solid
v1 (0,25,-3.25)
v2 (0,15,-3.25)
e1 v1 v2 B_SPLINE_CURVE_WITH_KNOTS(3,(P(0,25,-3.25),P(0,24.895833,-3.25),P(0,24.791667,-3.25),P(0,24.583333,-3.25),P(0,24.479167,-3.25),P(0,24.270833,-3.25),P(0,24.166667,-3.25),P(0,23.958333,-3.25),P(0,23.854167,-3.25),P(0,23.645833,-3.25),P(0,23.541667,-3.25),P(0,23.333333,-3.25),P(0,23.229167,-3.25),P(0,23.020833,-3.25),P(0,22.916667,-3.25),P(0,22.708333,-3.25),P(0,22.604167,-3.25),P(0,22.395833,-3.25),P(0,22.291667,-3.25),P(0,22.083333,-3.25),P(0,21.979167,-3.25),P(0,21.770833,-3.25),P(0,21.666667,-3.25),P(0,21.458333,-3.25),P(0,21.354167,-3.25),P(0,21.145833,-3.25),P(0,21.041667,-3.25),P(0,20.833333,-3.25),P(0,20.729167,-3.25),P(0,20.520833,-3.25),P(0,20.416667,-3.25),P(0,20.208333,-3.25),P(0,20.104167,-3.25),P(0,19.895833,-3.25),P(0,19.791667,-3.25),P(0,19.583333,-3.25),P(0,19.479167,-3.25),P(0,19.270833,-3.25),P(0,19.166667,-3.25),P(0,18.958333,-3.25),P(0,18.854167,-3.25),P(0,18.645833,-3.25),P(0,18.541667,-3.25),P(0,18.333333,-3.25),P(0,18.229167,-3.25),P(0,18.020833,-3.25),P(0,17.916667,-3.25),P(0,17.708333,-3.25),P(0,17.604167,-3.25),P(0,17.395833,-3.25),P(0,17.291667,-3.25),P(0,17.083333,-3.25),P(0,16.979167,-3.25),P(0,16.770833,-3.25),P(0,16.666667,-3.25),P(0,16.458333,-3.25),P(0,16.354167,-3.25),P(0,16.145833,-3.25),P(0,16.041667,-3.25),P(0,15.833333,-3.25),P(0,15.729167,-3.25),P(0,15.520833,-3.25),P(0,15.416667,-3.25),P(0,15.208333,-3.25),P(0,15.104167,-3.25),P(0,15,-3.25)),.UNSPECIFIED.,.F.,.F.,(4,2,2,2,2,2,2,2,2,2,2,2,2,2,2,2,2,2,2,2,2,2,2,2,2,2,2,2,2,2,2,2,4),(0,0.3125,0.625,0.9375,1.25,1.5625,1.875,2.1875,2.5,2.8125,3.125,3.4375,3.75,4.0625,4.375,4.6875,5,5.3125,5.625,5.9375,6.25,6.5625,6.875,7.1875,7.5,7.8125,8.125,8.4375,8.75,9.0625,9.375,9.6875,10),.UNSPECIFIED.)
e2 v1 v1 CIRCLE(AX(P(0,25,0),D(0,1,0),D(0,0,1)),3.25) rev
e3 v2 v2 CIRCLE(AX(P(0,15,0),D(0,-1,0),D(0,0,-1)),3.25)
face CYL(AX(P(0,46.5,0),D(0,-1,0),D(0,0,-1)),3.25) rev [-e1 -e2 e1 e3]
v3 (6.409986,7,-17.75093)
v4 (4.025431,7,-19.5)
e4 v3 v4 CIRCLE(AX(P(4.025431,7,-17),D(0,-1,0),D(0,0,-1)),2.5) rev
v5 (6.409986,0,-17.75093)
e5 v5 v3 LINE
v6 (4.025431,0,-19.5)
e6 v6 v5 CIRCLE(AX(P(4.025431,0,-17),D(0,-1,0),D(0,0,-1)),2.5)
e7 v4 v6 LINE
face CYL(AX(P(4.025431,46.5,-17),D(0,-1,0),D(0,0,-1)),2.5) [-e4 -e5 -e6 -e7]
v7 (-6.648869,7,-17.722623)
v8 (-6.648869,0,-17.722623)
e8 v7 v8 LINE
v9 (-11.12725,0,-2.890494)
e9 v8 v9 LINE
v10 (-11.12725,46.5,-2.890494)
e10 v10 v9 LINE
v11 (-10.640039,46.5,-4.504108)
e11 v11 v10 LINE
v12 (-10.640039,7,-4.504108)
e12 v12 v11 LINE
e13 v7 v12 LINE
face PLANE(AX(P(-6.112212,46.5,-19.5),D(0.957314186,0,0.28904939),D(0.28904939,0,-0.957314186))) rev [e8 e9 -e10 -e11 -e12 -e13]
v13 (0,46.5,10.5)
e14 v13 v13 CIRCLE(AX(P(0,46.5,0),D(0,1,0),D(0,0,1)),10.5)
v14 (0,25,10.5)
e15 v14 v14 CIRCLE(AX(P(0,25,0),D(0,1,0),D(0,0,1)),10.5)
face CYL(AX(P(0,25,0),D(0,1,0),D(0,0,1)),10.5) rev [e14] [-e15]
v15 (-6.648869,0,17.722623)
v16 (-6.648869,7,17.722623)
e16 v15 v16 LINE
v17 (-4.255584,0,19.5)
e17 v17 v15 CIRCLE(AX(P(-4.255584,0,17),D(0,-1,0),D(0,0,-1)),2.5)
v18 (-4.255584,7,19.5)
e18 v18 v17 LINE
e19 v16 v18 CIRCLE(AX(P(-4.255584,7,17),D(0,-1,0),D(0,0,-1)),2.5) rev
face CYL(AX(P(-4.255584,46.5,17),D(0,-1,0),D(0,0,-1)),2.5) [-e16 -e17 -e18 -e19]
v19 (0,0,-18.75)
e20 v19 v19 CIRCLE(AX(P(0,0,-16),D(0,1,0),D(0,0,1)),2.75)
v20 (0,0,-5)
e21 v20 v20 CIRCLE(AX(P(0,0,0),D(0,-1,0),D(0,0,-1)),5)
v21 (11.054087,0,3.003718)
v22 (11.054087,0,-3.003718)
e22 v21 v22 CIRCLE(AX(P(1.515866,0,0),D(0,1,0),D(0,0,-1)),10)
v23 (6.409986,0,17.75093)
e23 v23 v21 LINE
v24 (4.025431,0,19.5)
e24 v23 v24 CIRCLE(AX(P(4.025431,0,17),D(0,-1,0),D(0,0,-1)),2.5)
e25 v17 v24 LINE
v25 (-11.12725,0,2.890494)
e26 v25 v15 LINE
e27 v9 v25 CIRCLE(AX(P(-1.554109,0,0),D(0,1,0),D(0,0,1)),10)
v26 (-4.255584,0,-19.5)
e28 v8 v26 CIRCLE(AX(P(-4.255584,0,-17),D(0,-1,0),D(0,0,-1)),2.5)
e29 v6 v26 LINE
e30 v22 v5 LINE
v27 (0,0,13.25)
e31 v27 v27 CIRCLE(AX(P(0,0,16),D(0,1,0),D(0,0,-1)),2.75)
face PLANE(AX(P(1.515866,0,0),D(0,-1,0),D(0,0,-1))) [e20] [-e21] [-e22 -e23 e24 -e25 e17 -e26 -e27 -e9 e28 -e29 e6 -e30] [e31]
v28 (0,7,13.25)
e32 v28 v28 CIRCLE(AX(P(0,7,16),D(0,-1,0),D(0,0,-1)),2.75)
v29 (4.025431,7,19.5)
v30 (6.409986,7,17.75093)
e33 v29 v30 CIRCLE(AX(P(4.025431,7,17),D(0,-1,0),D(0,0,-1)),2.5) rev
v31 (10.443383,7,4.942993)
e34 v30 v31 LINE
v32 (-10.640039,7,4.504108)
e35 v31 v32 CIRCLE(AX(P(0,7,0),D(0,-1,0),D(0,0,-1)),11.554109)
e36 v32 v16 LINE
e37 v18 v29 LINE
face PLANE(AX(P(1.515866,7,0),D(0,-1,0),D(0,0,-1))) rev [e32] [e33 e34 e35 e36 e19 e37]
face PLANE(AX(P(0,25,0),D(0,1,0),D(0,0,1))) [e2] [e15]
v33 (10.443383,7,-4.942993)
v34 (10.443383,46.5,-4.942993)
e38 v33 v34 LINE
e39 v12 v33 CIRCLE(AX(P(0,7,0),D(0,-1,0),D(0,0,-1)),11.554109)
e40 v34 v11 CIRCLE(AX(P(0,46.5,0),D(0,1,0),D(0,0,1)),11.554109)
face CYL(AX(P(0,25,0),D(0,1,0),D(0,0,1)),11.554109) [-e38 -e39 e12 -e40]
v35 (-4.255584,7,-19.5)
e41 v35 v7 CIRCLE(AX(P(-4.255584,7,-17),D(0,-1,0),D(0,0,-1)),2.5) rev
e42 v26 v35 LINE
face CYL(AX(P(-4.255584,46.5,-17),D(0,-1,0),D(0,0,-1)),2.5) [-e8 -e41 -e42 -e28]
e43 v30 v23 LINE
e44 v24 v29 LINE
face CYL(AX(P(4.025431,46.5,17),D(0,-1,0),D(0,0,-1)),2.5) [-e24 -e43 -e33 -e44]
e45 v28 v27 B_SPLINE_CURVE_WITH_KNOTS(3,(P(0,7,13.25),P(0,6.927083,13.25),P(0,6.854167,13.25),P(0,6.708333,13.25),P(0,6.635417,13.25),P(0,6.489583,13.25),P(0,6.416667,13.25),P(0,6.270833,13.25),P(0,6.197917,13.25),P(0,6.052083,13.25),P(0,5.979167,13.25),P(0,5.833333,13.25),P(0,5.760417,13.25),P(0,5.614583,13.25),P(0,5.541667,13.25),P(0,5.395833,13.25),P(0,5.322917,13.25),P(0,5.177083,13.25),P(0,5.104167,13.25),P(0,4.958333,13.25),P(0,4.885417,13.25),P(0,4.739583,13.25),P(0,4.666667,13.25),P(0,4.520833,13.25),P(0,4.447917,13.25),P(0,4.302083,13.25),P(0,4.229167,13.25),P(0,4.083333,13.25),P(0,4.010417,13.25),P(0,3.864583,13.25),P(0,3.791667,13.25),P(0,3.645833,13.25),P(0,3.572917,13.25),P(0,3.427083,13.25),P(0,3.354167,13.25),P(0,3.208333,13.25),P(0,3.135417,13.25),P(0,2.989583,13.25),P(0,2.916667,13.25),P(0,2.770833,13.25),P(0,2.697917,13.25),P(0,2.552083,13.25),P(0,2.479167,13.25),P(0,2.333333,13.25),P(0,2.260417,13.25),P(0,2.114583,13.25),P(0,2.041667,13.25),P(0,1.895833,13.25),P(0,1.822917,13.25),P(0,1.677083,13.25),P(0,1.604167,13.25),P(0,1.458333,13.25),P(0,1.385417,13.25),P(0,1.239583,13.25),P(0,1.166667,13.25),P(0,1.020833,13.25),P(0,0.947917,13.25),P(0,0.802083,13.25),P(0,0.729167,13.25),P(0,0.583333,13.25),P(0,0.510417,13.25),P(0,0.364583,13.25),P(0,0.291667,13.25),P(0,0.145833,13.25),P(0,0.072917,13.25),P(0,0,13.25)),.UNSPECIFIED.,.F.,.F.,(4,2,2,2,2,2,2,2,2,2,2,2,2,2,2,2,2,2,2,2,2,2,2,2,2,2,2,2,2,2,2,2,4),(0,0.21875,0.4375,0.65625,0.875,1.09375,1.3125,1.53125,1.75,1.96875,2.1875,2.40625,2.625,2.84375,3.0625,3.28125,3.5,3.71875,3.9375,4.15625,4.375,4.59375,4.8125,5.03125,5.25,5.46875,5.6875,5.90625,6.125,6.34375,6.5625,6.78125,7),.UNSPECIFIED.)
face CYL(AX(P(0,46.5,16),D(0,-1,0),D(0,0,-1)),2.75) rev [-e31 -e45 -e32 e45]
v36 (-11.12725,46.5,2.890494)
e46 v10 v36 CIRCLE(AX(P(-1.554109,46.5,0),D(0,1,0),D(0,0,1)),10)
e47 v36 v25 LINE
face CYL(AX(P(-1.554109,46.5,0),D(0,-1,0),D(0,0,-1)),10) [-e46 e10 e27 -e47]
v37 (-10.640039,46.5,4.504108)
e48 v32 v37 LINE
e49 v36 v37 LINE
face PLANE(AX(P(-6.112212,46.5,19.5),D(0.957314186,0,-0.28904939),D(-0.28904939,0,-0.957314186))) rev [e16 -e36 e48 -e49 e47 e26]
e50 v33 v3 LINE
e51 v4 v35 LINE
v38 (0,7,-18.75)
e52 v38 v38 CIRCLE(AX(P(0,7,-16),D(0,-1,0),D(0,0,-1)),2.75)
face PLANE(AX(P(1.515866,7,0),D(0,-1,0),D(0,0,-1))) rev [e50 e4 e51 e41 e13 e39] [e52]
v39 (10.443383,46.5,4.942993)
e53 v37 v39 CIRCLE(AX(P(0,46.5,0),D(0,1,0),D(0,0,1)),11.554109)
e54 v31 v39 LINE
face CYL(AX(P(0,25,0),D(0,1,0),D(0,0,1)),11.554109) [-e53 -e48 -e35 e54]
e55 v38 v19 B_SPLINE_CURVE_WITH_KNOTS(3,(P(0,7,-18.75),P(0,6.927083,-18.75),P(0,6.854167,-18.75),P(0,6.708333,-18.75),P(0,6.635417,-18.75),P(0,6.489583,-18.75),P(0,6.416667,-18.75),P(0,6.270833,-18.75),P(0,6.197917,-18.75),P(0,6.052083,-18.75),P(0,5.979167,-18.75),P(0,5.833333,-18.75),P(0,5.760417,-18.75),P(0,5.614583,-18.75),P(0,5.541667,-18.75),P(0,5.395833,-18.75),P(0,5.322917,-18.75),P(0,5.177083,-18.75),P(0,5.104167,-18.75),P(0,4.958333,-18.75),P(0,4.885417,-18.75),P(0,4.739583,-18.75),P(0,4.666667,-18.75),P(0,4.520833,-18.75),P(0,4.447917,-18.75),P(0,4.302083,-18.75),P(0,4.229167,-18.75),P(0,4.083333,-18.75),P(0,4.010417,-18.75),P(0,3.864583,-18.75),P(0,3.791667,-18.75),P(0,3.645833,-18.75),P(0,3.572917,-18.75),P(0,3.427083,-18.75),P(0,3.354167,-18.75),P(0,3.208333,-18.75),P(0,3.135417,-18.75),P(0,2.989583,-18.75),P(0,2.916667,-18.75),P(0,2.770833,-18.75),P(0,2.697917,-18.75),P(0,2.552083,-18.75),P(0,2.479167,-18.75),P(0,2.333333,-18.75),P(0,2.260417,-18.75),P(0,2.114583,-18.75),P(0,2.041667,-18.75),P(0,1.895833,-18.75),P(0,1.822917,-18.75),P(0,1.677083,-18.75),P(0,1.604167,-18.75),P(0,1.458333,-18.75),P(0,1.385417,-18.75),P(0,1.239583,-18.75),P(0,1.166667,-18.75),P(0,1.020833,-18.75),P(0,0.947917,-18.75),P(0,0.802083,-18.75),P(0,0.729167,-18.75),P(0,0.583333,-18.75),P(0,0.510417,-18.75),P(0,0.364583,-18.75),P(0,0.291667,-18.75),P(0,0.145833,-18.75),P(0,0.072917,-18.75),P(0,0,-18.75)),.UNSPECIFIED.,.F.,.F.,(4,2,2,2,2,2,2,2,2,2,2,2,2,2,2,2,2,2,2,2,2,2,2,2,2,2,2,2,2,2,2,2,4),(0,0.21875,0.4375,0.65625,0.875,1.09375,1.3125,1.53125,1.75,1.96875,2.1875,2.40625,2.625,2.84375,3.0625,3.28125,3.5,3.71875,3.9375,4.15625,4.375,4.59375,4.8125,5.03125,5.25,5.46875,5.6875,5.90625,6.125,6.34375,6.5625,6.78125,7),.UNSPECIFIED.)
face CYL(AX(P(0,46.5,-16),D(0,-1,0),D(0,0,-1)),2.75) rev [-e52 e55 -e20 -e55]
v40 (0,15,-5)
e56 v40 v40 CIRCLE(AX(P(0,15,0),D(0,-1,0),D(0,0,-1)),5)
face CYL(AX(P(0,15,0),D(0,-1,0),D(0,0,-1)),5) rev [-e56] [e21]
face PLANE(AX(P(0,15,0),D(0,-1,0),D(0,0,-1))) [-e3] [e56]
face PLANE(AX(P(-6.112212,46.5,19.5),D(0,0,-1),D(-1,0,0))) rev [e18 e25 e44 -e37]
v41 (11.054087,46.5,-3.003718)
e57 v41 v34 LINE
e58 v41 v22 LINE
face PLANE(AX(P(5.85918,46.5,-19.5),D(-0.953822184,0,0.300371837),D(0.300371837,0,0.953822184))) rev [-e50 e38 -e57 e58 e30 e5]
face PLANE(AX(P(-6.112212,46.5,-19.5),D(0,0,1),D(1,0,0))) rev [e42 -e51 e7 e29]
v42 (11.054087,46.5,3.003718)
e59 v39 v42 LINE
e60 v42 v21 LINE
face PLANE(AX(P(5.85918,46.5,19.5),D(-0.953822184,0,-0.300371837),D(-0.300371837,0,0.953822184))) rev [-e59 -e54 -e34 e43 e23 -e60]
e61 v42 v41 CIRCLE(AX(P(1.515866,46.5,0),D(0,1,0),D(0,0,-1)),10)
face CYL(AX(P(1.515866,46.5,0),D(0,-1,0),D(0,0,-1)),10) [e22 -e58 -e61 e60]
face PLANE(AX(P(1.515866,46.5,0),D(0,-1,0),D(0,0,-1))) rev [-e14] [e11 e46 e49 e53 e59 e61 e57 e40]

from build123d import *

# Parameters (mm, degrees)
SKETCH_1_R          = 2.75
SKETCH_1_R_2        = 3.25
EXTRUDE_1_DEPTH     = 46.5
CUT_EXTRUDE_START   = -21.5
SKETCH_2_R          = 10.5
SKETCH_2_R_2        = 3.25
SKETCH_2_R_3        = 2.75
CUT_EXTRUDE_1_DEPTH = 21.5
SKETCH_4_R          = 5
CUT_EXTRUDE_3_DEPTH = 15
CUT_EXTRUDE_START_2 = -13
CUT_EXTRUDE_4_DEPTH = 13
FILLET_1_R          = 2.5
CUT_EXTRUDE_5_DEPTH = 5


with BuildPart() as part:
    # 草图1 → 凸台-拉伸1 (new body)
    with BuildSketch(Plane(origin=(0, 0, 0), x_dir=(1, 0, 0), z_dir=(0, 1, 0))):
        with BuildLine():
            Line((-6.112211857, 19.5), (5.859179501, 19.5))
            Line((5.859179501, 19.5), (11.054087418, 3.00371837))
            ThreePointArc((11.054087418, 3.00371837), (11.515865574, 0), (11.054087418, -3.00371837))
            Line((11.054087418, -3.00371837), (5.859179501, -19.5))
            Line((5.859179501, -19.5), (-6.112211857, -19.5))
            Line((-6.112211857, -19.5), (-11.127250475, -2.890493903))
            ThreePointArc((-11.127250475, -2.890493903), (-11.554108619, 0), (-11.127250475, 2.890493903))
            Line((-11.127250475, 2.890493903), (-6.112211857, 19.5))
        make_face()
        with Locations(Location((0, 16, 0), (0, 0, 90))):
            Circle(SKETCH_1_R, mode=Mode.SUBTRACT)
        with Locations(Location((0, 0, 0), (0, 0, 90))):
            Circle(SKETCH_1_R_2, mode=Mode.SUBTRACT)
        with Locations(Location((0, -16, 0), (0, 0, 90))):
            Circle(SKETCH_1_R, mode=Mode.SUBTRACT)
    extrude(amount=EXTRUDE_1_DEPTH)

    # 草图2 → 切除-拉伸1 (cut)
    # profile 1 of 3: a face of its own
    with BuildSketch(Plane(origin=(0, 46.5, 0), x_dir=(1, 0, 0), z_dir=(0, 1, 0)).offset(CUT_EXTRUDE_START)):
        with Locations(Location((0, 0, 0), (0, 0, 270))):
            Circle(SKETCH_2_R)
        with Locations(Location((0, 0, 0), (0, 0, 90))):
            Circle(SKETCH_2_R_2, mode=Mode.SUBTRACT)
    # profile 2 of 3: a face of its own
    with BuildSketch(Plane(origin=(0, 46.5, 0), x_dir=(1, 0, 0), z_dir=(0, 1, 0)).offset(CUT_EXTRUDE_START)):
        with BuildLine():
            Line((-6.112211857, 19.5), (-10.640039201, 4.504108324))
            ThreePointArc((-10.640039201, 4.504108324), (-0.240464733, 11.551606066), (10.443383029, 4.942992707))
            Line((10.443383029, 4.942992707), (5.859179501, 19.5))
            Line((5.859179501, 19.5), (-6.112211857, 19.5))
        make_face()
        with Locations(Location((0, 16, 0), (0, 0, 90))):
            Circle(SKETCH_2_R_3, mode=Mode.SUBTRACT)
    # profile 3 of 3: a face of its own
    with BuildSketch(Plane(origin=(0, 46.5, 0), x_dir=(1, 0, 0), z_dir=(0, 1, 0)).offset(CUT_EXTRUDE_START)):
        with BuildLine():
            Line((-6.112211857, -19.5), (5.859179501, -19.5))
            Line((5.859179501, -19.5), (10.443383029, -4.942992707))
            ThreePointArc((10.443383029, -4.942992707), (-0.240464733, -11.551606066), (-10.640039201, -4.504108324))
            Line((-10.640039201, -4.504108324), (-6.112211857, -19.5))
        make_face()
        with Locations(Location((0, -16, 0), (0, 0, 90))):
            Circle(SKETCH_2_R_3, mode=Mode.SUBTRACT)
    extrude(amount=CUT_EXTRUDE_1_DEPTH, mode=Mode.SUBTRACT)

    # 草图4 → 切除-拉伸3 (cut)
    with BuildSketch(Plane.XZ):
        with Locations(Location((0, 0, 0), (0, 0, 270))):
            Circle(SKETCH_4_R)
    extrude(amount=-CUT_EXTRUDE_3_DEPTH, mode=Mode.SUBTRACT)

    # 草图5 → 切除-拉伸4 (cut)
    with BuildSketch(Plane(origin=(0, 25, 0), x_dir=(1, 0, 0), z_dir=(0, 1, 0)).offset(CUT_EXTRUDE_START_2)):
        with BuildLine():
            Line((10.443383029, 4.942992707), (5.859179501, 19.5))
            Line((5.859179501, 19.5), (-6.112211857, 19.5))
            Line((-6.112211857, 19.5), (-10.640039201, 4.504108324))
            ThreePointArc((-10.640039201, 4.504108324), (-0.240464733, 11.551606066), (10.443383029, 4.942992707))
        make_face()
        with BuildLine():
            Line((-10.640039201, -4.504108324), (-6.112211857, -19.5))
            Line((-6.112211857, -19.5), (5.859179501, -19.5))
            Line((5.859179501, -19.5), (10.443383029, -4.942992707))
            ThreePointArc((10.443383029, -4.942992707), (-0.240464733, -11.551606066), (-10.640039201, -4.504108324))
        make_face()
    extrude(amount=CUT_EXTRUDE_4_DEPTH, mode=Mode.SUBTRACT)

    # 圆角1
    fillet_1_edges = [part.edges().sort_by_distance(p)[0] for p in [
        (5.859179501, 6, 19.5),
        (-6.112211857, 6, 19.5),
        (-6.112211857, 6, -19.5),
        (5.859179501, 6, -19.5),
    ]]
    fillet(fillet_1_edges, radius=FILLET_1_R)

    # 草图6 → 切除-拉伸5 (cut)
    with BuildSketch(Plane(origin=(0, 12, 0), x_dir=(1, 0, 0), z_dir=(0, 1, 0))):
        with BuildLine():
            Line((10.443383029, 4.942992707), (6.409986035, 17.750929593))
            ThreePointArc((6.409986035, 17.750929593), (5.504057643, 19.015852671), (4.025430574, 19.5))
            Line((4.025430574, 19.5), (-4.255583645, 19.5))
            ThreePointArc((-4.255583645, 19.5), (-5.74612739, 19.007057385), (-6.648869109, 17.722623476))
            Line((-6.648869109, 17.722623476), (-10.640039201, 4.504108324))
            ThreePointArc((-10.640039201, 4.504108324), (-0.240464733, 11.551606066), (10.443383029, 4.942992707))
        make_face()
        with BuildLine():
            Line((-10.640039201, -4.504108324), (-6.648869109, -17.722623476))
            ThreePointArc((-6.648869109, -17.722623476), (-5.74612739, -19.007057385), (-4.255583645, -19.5))
            Line((-4.255583645, -19.5), (4.025430574, -19.5))
            ThreePointArc((4.025430574, -19.5), (5.504057643, -19.015852671), (6.409986035, -17.750929593))
            Line((6.409986035, -17.750929593), (10.443383029, -4.942992707))
            ThreePointArc((10.443383029, -4.942992707), (-0.240464733, -11.551606066), (-10.640039201, -4.504108324))
        make_face()
    extrude(amount=-CUT_EXTRUDE_5_DEPTH, mode=Mode.SUBTRACT)


solid = part.part
